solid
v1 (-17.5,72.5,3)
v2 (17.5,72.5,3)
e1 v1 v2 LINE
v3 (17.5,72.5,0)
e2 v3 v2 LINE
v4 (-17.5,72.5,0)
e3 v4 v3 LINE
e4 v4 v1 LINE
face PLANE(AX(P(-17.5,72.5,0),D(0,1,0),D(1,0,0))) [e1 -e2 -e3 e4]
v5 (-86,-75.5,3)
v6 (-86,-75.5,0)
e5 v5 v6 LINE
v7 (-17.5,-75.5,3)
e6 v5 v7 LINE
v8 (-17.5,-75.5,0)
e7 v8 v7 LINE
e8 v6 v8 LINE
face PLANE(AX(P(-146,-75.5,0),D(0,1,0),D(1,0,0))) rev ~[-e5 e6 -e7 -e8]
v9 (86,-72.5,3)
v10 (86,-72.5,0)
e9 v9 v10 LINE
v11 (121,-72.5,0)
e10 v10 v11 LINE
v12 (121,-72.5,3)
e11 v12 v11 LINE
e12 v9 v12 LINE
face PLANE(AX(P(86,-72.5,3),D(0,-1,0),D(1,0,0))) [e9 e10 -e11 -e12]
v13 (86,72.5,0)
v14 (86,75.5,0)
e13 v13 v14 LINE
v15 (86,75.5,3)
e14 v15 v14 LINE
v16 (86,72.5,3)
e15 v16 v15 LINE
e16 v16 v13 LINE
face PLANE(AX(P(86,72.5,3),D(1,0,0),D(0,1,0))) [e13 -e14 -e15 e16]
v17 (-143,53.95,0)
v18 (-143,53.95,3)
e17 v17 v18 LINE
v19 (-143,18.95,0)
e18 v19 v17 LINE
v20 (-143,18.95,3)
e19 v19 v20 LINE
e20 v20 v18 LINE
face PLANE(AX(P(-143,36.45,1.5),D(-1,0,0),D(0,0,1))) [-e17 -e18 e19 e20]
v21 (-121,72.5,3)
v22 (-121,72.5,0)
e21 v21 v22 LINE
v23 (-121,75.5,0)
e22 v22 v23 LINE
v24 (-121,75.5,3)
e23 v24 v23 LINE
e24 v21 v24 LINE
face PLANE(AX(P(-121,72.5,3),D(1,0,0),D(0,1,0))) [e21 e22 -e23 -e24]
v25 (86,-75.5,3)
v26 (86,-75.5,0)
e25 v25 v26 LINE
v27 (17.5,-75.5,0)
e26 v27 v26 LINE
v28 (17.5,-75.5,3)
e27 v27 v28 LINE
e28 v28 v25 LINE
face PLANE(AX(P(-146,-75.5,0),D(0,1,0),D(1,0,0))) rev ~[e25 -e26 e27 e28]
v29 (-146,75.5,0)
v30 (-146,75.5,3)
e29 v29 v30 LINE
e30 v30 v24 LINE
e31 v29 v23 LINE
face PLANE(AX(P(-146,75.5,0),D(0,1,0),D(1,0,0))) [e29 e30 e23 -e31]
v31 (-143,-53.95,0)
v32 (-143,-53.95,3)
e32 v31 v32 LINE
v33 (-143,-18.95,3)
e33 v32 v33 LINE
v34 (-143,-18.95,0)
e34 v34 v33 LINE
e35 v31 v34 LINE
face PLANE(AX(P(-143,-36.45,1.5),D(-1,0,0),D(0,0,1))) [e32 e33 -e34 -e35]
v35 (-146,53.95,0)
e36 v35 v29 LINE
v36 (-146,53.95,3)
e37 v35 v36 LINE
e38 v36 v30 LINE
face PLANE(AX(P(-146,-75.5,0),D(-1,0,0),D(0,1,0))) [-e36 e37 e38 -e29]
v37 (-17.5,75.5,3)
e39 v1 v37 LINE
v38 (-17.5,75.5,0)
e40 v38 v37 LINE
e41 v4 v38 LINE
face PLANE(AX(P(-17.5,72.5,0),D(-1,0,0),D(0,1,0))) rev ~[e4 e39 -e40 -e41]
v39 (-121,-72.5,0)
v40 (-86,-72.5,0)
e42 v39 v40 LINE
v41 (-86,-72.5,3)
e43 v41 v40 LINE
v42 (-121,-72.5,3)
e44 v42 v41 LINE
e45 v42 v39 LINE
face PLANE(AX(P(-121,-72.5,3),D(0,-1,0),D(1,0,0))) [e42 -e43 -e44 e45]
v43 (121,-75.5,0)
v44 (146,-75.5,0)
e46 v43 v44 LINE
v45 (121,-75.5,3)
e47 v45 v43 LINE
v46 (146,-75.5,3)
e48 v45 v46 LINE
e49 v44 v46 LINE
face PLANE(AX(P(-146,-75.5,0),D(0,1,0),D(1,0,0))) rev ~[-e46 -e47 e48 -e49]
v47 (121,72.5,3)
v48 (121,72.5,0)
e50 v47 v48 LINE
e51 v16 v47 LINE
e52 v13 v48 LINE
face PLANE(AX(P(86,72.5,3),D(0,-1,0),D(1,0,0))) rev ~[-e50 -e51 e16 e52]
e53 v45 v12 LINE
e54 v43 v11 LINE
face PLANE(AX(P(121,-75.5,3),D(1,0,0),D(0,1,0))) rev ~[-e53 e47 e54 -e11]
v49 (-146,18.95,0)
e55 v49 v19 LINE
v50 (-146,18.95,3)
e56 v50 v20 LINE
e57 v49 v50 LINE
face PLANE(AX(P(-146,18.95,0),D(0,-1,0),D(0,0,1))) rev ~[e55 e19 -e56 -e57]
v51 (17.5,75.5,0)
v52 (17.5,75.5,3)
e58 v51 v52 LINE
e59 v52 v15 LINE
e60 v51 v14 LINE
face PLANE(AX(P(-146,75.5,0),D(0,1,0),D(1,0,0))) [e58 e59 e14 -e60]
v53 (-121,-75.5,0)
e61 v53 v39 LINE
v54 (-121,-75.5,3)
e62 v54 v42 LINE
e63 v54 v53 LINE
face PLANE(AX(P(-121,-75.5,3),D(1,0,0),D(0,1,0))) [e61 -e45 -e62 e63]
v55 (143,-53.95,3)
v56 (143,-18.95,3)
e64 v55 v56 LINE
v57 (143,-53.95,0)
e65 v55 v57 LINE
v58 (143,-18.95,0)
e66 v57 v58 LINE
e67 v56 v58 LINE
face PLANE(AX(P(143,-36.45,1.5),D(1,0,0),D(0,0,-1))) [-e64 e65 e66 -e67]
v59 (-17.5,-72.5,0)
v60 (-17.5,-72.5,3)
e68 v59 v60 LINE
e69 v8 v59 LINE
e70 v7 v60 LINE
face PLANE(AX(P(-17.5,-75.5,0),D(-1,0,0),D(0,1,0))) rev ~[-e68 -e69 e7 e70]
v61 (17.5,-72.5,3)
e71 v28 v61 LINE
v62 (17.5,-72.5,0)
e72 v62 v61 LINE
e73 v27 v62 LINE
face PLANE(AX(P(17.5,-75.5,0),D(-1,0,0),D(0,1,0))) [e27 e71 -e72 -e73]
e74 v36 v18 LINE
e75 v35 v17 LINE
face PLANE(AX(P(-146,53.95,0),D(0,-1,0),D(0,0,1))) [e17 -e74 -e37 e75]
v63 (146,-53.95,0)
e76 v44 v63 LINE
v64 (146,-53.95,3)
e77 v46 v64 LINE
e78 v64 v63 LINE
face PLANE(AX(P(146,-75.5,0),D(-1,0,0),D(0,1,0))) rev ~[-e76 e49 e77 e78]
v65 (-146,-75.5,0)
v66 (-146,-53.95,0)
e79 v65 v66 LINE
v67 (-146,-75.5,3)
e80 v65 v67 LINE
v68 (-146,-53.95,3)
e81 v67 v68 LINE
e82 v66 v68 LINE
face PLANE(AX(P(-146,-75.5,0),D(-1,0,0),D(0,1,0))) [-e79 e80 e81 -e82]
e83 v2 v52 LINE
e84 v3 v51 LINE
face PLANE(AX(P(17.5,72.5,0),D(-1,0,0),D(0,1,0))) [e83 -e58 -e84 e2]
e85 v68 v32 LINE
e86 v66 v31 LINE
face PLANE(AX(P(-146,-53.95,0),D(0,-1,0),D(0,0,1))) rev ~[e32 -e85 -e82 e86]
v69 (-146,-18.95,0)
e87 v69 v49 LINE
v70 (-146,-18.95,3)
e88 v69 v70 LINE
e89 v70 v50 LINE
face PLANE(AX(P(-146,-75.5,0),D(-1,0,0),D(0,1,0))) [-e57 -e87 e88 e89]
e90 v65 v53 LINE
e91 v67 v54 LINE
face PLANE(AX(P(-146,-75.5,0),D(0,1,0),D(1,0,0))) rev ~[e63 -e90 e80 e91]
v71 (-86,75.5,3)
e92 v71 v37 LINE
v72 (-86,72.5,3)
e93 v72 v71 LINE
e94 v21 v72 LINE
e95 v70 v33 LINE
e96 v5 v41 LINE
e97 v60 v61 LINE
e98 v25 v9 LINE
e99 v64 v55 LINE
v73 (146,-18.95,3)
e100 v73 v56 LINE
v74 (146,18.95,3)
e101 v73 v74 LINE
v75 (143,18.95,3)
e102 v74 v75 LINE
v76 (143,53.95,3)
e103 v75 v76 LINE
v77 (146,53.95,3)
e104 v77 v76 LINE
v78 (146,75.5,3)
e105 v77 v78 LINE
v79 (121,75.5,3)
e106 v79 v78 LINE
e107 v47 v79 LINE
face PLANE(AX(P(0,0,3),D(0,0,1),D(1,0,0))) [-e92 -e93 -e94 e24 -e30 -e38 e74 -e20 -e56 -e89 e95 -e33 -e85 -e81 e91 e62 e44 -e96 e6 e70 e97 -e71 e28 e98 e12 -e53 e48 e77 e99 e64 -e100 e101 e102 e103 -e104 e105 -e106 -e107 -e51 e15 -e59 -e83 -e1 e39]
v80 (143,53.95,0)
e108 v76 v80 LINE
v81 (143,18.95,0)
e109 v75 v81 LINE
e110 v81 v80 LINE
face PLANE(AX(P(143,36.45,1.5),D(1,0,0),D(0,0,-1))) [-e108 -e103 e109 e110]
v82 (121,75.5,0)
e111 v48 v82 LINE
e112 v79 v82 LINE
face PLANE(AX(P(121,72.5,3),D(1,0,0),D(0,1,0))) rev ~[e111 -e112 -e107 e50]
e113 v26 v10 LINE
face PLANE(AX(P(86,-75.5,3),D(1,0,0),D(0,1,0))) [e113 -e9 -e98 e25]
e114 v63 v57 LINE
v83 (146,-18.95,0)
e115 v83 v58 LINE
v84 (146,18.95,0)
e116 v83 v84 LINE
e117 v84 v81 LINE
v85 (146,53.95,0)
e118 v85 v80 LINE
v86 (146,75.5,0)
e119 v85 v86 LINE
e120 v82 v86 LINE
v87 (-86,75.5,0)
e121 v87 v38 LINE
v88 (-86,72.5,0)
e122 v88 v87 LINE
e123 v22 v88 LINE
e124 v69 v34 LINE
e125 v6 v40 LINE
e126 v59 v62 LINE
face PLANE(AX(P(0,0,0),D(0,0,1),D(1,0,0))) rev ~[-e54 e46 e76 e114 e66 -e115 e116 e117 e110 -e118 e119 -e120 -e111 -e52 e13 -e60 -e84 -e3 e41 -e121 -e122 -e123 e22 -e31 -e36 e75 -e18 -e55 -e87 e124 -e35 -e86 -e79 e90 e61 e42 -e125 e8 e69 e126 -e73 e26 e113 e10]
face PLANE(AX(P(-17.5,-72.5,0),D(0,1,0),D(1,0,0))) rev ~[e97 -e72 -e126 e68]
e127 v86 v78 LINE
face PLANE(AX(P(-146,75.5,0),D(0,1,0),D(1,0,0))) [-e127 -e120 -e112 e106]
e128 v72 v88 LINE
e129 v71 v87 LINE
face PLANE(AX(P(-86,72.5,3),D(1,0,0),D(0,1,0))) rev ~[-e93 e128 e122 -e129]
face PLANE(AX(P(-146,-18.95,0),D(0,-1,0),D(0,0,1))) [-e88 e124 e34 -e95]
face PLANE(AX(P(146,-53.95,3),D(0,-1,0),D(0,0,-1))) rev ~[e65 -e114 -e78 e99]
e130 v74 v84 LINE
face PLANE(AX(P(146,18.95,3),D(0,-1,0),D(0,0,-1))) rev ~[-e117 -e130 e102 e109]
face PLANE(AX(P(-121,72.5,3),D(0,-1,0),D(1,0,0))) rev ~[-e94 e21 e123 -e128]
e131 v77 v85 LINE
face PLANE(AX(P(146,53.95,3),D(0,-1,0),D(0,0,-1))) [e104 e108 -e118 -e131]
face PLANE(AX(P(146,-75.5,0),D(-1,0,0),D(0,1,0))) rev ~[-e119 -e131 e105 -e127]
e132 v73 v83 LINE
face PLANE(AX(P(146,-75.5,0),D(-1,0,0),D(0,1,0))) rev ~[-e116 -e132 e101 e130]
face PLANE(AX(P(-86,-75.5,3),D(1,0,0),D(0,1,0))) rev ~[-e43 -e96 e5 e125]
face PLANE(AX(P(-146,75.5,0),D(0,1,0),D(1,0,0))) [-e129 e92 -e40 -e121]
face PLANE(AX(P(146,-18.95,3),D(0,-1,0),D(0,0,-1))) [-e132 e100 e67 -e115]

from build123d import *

# Parameters (mm, degrees)
SKETCH1_W           = 292
SKETCH1_H           = 151
BOSS_EXTRUDE1_DEPTH = 3
SKETCH2_W           = 35
SKETCH2_H           = 3
CUT_EXTRUDE1_DEPTH  = 3
SKETCH4_W           = 35
SKETCH4_H           = 3
CUT_EXTRUDE2_DEPTH  = 3
SKETCH5_W           = 3
SKETCH5_H           = 35
CUT_EXTRUDE3_DEPTH  = 3
SKETCH7_W           = 3
SKETCH7_H           = 35
CUT_EXTRUDE4_DEPTH  = 3


with BuildPart() as part:
    # Sketch1 → Boss-Extrude1 (new body)
    with BuildSketch(Plane.XY):
        Rectangle(SKETCH1_W, SKETCH1_H)
    extrude(amount=BOSS_EXTRUDE1_DEPTH)

    # Sketch2 → Cut-Extrude1 (cut)
    with BuildSketch(Plane.XY.offset(3)):
        with Locations((103.5, 74)):
            Rectangle(SKETCH2_W, SKETCH2_H)
        with Locations((-103.5, 74)):
            Rectangle(SKETCH2_W, SKETCH2_H)
        with Locations((-103.5, -74)):
            Rectangle(SKETCH2_W, SKETCH2_H)
        with Locations((103.5, -74)):
            Rectangle(SKETCH2_W, SKETCH2_H)
    extrude(amount=-CUT_EXTRUDE1_DEPTH, mode=Mode.SUBTRACT)

    # Sketch4 → Cut-Extrude2 (cut)
    with BuildSketch(Plane.XY):
        with Locations((0, -74)):
            Rectangle(SKETCH4_W, SKETCH4_H)
        with Locations((0, 74)):
            Rectangle(SKETCH4_W, SKETCH4_H)
    extrude(amount=CUT_EXTRUDE2_DEPTH, mode=Mode.SUBTRACT)

    # Sketch5 → Cut-Extrude3 (cut)
    with BuildSketch(Plane(origin=(146, 0, 0), x_dir=(0, 0, -1), z_dir=(1, 0, 0))):
        with Locations((-1.5, -36.45)):
            Rectangle(SKETCH5_W, SKETCH5_H)
        with Locations((-1.5, 36.45)):
            Rectangle(SKETCH5_W, SKETCH5_H)
    extrude(amount=-CUT_EXTRUDE3_DEPTH, mode=Mode.SUBTRACT)

    # Sketch7 → Cut-Extrude4 (cut)
    with BuildSketch(Plane.ZY.offset(146)):
        with Locations((1.5, -36.45)):
            Rectangle(SKETCH7_W, SKETCH7_H)
        with Locations((1.5, 36.45)):
            Rectangle(SKETCH7_W, SKETCH7_H)
    extrude(amount=-CUT_EXTRUDE4_DEPTH, mode=Mode.SUBTRACT)


solid = part.part
